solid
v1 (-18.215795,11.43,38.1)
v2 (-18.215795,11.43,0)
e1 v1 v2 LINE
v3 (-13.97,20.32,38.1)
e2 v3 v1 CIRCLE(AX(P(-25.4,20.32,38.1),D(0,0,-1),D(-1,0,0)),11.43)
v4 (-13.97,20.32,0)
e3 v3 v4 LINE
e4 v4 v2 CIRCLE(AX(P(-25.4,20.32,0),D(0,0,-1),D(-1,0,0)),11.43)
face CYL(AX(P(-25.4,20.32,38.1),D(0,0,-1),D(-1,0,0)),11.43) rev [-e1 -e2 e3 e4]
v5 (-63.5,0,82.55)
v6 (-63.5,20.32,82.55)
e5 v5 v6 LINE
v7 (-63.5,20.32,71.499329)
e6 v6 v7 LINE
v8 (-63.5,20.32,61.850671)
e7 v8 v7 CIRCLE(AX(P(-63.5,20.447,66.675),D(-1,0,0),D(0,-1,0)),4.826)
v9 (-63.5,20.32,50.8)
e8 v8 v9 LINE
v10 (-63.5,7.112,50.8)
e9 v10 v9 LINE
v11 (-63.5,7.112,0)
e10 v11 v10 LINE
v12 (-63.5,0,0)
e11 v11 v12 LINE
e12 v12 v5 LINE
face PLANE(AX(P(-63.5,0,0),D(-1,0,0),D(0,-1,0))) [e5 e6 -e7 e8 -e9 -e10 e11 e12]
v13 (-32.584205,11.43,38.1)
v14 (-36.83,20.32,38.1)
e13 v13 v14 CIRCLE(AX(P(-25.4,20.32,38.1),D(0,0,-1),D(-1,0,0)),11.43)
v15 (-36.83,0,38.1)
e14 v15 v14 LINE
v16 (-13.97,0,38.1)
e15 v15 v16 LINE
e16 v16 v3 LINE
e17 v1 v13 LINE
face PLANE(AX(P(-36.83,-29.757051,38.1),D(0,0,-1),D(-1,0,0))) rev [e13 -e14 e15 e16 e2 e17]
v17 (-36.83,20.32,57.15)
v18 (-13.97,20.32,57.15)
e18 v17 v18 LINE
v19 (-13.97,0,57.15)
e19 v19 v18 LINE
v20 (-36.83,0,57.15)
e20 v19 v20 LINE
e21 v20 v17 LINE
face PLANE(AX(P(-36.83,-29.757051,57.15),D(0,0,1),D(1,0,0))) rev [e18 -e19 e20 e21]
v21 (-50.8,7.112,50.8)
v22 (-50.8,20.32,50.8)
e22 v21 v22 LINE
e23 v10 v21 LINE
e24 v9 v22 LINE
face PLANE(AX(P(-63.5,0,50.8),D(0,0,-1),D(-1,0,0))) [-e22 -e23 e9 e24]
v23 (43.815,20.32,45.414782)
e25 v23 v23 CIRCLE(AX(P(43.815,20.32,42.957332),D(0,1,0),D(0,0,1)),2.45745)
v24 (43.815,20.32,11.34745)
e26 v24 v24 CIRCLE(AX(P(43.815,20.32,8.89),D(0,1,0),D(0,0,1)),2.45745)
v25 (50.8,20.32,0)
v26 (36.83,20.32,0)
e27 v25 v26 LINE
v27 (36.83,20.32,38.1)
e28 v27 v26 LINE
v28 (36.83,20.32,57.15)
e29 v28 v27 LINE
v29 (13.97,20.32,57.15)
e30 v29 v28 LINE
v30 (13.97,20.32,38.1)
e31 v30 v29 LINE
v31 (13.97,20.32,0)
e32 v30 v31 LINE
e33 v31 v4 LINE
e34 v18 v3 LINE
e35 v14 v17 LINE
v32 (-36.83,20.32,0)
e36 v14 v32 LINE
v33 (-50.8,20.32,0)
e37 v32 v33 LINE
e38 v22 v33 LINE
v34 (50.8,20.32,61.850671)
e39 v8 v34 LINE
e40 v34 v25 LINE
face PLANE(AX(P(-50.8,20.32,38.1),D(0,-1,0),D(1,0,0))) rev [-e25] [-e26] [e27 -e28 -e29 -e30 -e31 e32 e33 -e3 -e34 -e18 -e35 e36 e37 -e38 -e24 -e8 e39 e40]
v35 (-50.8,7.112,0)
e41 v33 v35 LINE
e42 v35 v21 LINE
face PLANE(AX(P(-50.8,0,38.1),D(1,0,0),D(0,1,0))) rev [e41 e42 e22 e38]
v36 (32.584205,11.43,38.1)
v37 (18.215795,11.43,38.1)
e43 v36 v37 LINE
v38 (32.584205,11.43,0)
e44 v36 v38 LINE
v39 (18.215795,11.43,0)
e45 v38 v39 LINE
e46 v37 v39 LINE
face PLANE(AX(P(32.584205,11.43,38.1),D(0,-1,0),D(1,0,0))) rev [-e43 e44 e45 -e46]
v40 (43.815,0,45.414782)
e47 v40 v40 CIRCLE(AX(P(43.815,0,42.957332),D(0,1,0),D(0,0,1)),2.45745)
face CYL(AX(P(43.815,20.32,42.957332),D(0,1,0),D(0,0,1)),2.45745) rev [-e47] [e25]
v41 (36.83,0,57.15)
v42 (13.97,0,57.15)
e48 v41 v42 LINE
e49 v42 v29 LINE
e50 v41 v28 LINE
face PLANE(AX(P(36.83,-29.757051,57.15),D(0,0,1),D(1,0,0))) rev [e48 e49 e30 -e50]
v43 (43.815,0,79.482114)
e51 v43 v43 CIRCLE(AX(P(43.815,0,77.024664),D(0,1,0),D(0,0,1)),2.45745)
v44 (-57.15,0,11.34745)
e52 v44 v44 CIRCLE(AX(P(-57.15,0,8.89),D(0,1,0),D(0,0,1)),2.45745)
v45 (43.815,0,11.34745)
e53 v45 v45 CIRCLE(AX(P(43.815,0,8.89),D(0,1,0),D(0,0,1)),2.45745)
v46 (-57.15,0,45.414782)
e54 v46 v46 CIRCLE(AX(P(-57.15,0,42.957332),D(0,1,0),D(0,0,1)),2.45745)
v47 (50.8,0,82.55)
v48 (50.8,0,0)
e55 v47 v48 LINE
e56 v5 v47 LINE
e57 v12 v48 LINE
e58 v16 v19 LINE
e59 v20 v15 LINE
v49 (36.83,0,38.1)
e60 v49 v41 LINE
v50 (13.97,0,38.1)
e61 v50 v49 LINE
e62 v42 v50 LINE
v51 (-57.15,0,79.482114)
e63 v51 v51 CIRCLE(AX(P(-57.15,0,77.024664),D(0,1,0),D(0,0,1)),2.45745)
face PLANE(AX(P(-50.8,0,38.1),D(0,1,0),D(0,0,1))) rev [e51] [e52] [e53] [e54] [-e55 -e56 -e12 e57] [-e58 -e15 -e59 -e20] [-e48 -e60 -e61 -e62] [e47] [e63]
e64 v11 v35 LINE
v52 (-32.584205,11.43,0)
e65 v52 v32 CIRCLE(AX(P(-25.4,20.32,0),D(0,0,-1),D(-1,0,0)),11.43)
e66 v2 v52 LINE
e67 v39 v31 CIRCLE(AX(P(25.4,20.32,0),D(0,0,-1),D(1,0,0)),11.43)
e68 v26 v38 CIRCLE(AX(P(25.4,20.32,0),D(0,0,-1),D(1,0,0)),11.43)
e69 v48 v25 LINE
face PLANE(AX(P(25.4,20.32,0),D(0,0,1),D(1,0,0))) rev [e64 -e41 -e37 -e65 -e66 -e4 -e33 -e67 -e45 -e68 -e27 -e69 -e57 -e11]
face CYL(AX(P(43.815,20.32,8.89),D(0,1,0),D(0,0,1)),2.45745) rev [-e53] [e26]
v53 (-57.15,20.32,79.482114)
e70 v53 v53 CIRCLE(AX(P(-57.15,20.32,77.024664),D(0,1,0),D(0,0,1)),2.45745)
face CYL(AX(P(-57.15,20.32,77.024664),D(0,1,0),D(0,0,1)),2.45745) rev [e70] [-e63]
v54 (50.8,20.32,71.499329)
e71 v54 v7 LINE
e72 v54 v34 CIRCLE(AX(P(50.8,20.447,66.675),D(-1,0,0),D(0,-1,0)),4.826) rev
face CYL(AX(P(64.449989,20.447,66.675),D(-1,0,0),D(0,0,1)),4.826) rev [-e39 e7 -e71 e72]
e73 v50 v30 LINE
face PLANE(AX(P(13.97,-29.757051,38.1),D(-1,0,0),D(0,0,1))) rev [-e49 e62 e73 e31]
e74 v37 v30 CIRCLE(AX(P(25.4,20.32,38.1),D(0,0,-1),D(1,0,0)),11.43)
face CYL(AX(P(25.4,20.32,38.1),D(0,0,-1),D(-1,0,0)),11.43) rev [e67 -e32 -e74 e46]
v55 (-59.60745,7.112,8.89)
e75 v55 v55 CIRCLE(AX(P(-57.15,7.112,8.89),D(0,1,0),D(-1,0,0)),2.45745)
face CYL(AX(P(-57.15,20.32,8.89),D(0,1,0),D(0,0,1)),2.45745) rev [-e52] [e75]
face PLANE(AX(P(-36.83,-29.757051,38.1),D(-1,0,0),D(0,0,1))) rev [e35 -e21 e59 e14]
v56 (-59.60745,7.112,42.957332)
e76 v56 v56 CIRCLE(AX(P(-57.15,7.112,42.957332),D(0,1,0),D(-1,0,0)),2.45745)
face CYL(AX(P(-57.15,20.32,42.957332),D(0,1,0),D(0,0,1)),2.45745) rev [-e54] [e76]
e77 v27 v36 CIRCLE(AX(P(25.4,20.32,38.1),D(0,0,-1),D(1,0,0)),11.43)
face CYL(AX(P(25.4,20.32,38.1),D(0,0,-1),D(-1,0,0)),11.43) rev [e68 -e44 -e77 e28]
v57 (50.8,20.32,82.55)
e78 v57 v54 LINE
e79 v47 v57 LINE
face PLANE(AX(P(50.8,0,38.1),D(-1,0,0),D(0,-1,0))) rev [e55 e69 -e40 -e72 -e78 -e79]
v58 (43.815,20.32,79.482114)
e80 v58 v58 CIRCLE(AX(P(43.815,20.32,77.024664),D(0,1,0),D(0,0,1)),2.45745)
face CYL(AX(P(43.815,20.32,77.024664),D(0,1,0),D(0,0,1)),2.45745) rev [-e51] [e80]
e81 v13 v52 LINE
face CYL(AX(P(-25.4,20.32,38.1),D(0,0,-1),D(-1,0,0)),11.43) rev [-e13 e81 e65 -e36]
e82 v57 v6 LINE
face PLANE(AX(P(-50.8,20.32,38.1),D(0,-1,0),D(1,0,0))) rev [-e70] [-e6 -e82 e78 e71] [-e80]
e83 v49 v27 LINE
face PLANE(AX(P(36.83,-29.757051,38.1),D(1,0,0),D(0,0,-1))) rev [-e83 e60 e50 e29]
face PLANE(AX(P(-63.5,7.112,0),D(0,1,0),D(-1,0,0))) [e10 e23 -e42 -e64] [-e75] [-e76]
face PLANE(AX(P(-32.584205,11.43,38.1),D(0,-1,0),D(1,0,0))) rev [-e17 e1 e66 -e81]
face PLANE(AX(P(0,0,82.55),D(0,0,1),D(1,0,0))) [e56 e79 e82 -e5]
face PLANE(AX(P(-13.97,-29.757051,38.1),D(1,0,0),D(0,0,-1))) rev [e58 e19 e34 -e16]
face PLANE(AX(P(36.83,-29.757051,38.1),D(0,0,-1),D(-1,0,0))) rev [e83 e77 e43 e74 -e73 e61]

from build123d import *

# Parameters (mm, degrees)
BOSS_EXTRUDE1_DEPTH  = 38.1
SKETCH7_W            = 101.6
SKETCH7_H            = 20.32
BOSS_EXTRUDE2_DEPTH  = 44.45
BOSS_EXTRUDE9_DEPTH  = 12.7
SKETCH8_W            = 22.86
SKETCH8_H            = 19.05
CUT_EXTRUDE1_DEPTH   = 20.32
CUT_EXTRUDE2_START   = -101.6
SKETCH9_R            = 4.826
CUT_EXTRUDE2_DEPTH   = 114.3
LPATTERN1_COUNT      = 3
LPATTERN1_PITCH      = 34.067332164
LPATTERN1_COUNT_DIR2 = 2
LPATTERN1_PITCH_DIR2 = 100.965


with BuildPart() as part:
    # Sketch1 → Boss-Extrude1 (new body)
    with BuildSketch(Plane.XY):
        with BuildLine():
            Line((-50.8, 0), (50.8, 0))
            Line((50.8, 0), (50.8, 20.32))
            Line((50.8, 20.32), (36.83, 20.32))
            ThreePointArc((36.83, 20.32), (35.714076836, 15.394076836), (32.584204897, 11.43))
            Line((32.584204897, 11.43), (18.215795103, 11.43))
            ThreePointArc((18.215795103, 11.43), (15.085923164, 15.394076836), (13.97, 20.32))
            Line((13.97, 20.32), (-13.97, 20.32))
            ThreePointArc((-13.97, 20.32), (-15.085923164, 15.394076836), (-18.215795103, 11.43))
            Line((-18.215795103, 11.43), (-32.584204897, 11.43))
            ThreePointArc((-32.584204897, 11.43), (-35.714076836, 15.394076836), (-36.83, 20.32))
            Line((-36.83, 20.32), (-50.8, 20.32))
            Line((-50.8, 20.32), (-50.8, 0))
        make_face()
    extrude(amount=BOSS_EXTRUDE1_DEPTH)

    # Sketch7 → Boss-Extrude2 (add)
    with BuildSketch(Plane.XY.offset(38.1)):
        with Locations((0, 10.16)):
            Rectangle(SKETCH7_W, SKETCH7_H)
    extrude(amount=BOSS_EXTRUDE2_DEPTH)

    # Sketch21 → Boss-Extrude9 (add)
    with BuildSketch(Plane.ZY.offset(50.8)):
        Polygon((0, 7.112), (0, 0), (68.41445042, 0), (82.55, 0), (82.55, 7.153488119), (82.55, 20.32), (50.8, 20.32), (50.8, 7.112), align=None)
    extrude(amount=BOSS_EXTRUDE9_DEPTH)

    # Sketch8 → Cut-Extrude1 (cut)
    with BuildSketch(Plane(origin=(0, 20.32, 0), x_dir=(1, 0, 0), z_dir=(0, 1, 0))):
        with Locations((-25.4, -47.625)):
            Rectangle(SKETCH8_W, SKETCH8_H)
        with Locations((25.4, -47.625)):
            Rectangle(SKETCH8_W, SKETCH8_H)
    extrude(amount=-CUT_EXTRUDE1_DEPTH, mode=Mode.SUBTRACT)

    # Sketch5 → #10 (0.1935) Diameter Hole1 (revolve, cut)
    with BuildSketch(Plane(origin=(-57.15, 20.32, 8.89), x_dir=(0, 0, 1), z_dir=(1, 0, 0))):
        Polygon((0, 0), (0, 25.4), (2.45745, 23.923415072), (2.45745, 0), align=None)
    f_10_0_1935_diameter_hole1 = revolve(axis=Axis((-57.15, 26.67, 8.89), (0, -1, 0)), mode=Mode.SUBTRACT)

    # Sketch9 → Cut-Extrude2 (cut)
    with BuildSketch(Plane.ZY.offset(50.8).offset(CUT_EXTRUDE2_START)):
        with Locations((66.675, 20.447)):
            Circle(SKETCH9_R)
    extrude(amount=CUT_EXTRUDE2_DEPTH, mode=Mode.SUBTRACT)

    # LPattern1: 10 _0.1935_ Diameter Hole1 3 × 2
    with Locations(*[(j * LPATTERN1_PITCH_DIR2, 0, i * LPATTERN1_PITCH) for i in range(LPATTERN1_COUNT) for j in range(LPATTERN1_COUNT_DIR2) if (i, j) != (0, 0)]):
        add(f_10_0_1935_diameter_hole1, mode=Mode.SUBTRACT)


solid = part.part
